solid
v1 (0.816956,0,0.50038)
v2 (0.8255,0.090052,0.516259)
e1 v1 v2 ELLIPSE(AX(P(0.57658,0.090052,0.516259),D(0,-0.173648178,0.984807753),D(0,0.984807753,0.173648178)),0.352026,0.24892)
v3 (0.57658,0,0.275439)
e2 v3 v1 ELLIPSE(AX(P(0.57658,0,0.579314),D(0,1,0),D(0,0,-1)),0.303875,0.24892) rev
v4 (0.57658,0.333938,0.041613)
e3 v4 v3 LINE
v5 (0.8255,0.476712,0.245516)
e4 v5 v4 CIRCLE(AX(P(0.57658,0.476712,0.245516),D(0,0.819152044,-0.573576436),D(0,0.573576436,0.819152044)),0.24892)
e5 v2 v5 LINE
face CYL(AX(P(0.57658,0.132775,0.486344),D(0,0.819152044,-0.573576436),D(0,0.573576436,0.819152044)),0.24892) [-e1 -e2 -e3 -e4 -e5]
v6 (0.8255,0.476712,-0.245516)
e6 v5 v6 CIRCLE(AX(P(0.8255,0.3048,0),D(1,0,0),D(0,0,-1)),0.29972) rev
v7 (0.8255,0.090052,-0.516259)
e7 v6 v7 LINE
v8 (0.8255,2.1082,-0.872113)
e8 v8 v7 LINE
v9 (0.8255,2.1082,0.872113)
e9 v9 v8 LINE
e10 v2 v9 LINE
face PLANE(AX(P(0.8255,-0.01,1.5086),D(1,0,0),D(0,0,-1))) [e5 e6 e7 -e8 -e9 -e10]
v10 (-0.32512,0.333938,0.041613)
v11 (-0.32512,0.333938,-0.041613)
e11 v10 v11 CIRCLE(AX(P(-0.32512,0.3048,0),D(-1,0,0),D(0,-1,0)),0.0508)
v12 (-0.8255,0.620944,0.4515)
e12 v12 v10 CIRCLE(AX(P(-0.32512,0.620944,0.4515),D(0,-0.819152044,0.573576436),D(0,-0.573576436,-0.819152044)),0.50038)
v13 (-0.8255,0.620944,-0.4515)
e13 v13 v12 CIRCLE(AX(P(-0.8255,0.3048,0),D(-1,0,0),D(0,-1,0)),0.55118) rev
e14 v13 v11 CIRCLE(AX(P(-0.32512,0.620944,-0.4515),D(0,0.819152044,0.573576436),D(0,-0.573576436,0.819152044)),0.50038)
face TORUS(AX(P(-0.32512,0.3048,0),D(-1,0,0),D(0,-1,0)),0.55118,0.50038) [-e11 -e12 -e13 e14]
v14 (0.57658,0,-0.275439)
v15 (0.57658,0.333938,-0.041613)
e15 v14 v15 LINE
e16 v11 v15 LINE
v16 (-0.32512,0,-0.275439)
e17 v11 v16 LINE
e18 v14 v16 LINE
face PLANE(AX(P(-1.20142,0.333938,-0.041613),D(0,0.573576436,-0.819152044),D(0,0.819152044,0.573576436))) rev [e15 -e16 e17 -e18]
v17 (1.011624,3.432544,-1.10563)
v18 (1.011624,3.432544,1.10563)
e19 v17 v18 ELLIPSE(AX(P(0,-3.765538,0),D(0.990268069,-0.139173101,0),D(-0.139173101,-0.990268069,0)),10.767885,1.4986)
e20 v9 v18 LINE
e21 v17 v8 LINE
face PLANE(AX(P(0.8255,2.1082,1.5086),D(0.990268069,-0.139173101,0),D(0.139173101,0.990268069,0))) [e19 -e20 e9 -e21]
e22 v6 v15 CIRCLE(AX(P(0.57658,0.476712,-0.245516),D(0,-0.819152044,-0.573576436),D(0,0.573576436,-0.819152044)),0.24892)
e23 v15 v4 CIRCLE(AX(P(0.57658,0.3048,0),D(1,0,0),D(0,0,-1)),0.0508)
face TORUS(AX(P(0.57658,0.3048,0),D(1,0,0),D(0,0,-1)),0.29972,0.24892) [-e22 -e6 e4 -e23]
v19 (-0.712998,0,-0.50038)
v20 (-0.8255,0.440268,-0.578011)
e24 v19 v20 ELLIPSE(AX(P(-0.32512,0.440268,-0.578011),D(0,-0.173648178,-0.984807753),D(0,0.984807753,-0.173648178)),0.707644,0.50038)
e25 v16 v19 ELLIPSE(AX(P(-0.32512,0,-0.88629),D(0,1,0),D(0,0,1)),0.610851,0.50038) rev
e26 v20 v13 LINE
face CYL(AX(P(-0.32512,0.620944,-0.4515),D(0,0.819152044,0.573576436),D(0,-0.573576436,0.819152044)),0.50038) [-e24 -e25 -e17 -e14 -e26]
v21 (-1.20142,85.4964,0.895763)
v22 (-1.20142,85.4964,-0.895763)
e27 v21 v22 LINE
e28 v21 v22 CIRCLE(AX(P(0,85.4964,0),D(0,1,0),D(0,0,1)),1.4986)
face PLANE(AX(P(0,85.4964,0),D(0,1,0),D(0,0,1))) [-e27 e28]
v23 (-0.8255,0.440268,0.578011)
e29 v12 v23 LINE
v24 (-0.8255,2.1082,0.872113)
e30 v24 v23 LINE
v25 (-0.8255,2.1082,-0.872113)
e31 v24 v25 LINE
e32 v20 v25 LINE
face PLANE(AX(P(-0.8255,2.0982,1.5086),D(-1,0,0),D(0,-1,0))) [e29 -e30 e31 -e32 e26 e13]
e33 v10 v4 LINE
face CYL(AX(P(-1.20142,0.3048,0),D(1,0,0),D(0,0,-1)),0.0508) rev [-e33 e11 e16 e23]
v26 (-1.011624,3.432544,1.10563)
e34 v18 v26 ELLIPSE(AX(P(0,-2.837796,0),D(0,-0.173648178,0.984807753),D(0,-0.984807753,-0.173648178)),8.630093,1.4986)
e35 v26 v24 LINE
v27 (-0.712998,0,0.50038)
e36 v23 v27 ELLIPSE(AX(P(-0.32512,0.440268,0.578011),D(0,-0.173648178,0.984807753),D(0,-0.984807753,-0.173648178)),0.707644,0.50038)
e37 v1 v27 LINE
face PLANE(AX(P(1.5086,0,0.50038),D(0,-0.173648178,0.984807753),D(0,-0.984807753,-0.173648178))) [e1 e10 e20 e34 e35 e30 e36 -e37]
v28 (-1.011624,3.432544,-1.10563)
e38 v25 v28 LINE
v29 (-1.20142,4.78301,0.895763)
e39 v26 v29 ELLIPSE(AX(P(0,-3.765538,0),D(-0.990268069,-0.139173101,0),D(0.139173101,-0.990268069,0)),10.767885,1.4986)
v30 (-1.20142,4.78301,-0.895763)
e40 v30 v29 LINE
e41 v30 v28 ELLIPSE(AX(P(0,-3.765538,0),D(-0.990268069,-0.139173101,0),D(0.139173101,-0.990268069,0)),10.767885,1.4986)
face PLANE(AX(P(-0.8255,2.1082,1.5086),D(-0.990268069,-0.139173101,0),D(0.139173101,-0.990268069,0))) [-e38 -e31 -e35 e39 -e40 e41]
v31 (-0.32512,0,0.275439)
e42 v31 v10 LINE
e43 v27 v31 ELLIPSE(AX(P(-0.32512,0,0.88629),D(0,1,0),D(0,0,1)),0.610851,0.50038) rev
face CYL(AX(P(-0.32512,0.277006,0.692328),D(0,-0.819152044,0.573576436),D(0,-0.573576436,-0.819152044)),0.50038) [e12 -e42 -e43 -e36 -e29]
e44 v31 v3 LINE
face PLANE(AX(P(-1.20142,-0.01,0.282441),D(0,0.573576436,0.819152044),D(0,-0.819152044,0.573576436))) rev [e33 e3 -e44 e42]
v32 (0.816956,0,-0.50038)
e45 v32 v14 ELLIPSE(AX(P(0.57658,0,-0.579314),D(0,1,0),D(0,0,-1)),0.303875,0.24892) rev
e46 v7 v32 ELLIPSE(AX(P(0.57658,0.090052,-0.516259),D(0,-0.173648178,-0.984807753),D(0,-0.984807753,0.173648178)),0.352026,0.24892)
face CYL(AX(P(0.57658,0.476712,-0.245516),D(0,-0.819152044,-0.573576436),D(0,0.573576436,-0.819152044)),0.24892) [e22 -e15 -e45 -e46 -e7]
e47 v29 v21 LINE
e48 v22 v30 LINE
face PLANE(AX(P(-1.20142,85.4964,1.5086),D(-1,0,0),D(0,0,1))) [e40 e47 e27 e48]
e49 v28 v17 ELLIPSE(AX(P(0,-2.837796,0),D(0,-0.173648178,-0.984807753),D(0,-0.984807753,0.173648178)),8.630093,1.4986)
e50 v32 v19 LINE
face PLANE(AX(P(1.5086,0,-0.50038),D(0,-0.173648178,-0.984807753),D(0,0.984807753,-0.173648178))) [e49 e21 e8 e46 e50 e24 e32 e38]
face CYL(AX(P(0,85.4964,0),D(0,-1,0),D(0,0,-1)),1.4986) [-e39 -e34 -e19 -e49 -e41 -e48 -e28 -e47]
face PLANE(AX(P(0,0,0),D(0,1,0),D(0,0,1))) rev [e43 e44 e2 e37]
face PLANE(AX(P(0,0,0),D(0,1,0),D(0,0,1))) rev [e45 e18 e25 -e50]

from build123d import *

# Parameters (mm, degrees)
SKETCH_TL_CUTTING_R    = 1.4986
TL_CUTTING_DEPTH       = 85.4964
SKETCH_TDF_CUTTING_W   = 3.01719996
SKETCH_TDF_CUTTING_H   = 3.01719996
TDF_CUTTING_DEPTH      = 86.522663762
VW_VR_GRINDING_DEPTH   = 1.50859998
VW_VR_GRINDING_2_DEPTH = 1.50859998
ISA_GRINDING_DEPTH     = 1.50859998
SKETCH_PRE_FRX_BRX_W   = 0.66310002
SKETCH_PRE_FRX_BRX_H   = 2.1082
SKETCH_PRE_FRX_BRX_W_2 = 0.69309996
PRE_FRX_BRX_DEPTH      = 1.50859998
FA_BA_GRINDING_DEPTH   = 1.50859998
BR_EDM_R               = 0.50038
FR_EDM_R               = 0.24892


with BuildPart() as part:
    # sketch_TL_cutting → TL_cutting (new body)
    with BuildSketch(Plane(origin=(0, 0, 0), x_dir=(1, 0, 0), z_dir=(0, 1, 0))):
        with Locations(Location((0, 0, 0), (0, 0, 90))):
            Circle(SKETCH_TL_CUTTING_R)
    extrude(amount=TL_CUTTING_DEPTH)

    # sketch_TDF_cutting → TDF_cutting (cut, through all)
    with BuildSketch(Plane(origin=(0, 0, 0), x_dir=(1, 0, 0), z_dir=(0, 1, 0))):
        with Locations((-2.71001998, 0)):
            Rectangle(SKETCH_TDF_CUTTING_W, SKETCH_TDF_CUTTING_H)
    extrude(amount=TDF_CUTTING_DEPTH, mode=Mode.SUBTRACT)


with BuildPart() as body_2:
    # sketch_VW_VR_grinding → VW_VR_grinding (new, symmetric)
    with BuildSketch(Plane(origin=(0, 0, 0), x_dir=(0, 0, -1), z_dir=(1, 0, 0))):
        with BuildLine():
            Line((-1.49360001, -0.00999998), (-1.49360001, 2.097088914))
            ThreePointArc((-1.49360001, 2.097088914), (-1.493648337, 2.098195792), (-1.493792952, 2.099294246))
            Line((-1.493792952, 2.099294246), (-1.51859996, 2.239981782))
            Line((-1.51859996, 2.239981782), (-1.50859998, -0.00999998))
            Line((-1.50859998, -0.00999998), (-1.49360001, -0.00999998))
        make_face()
    extrude(amount=VW_VR_GRINDING_DEPTH, both=True)


with BuildPart() as body_3:
    # sketch_VW_VR_grinding → VW_VR_grinding 2 (new, symmetric)
    with BuildSketch(Plane(origin=(0, 0, 0), x_dir=(0, 0, -1), z_dir=(1, 0, 0))):
        with BuildLine():
            Line((1.49360001, -0.00999998), (1.49360001, 2.097088914))
            ThreePointArc((1.49360001, 2.097088914), (1.493648337, 2.098195792), (1.493792952, 2.099294246))
            Line((1.493792952, 2.099294246), (1.51859996, 2.239981782))
            Line((1.51859996, 2.239981782), (1.50859998, -0.00999998))
            Line((1.50859998, -0.00999998), (1.49360001, -0.00999998))
        make_face()
    extrude(amount=VW_VR_GRINDING_2_DEPTH, both=True)


    add(body_2.part)  # ISA_grinding merges body 2
    # sketch_ISA_grinding → ISA_grinding (add, symmetric)
    with BuildSketch(Plane(origin=(0, 0, 0), x_dir=(0, 0, -1), z_dir=(1, 0, 0))):
        Polygon((-0.50038, 0), (0.50038, 0), (1.50859998, 5.717899643), (1.50859998, -0.02999994), (-1.50859998, -0.02999994), (-1.50859998, 5.717899643), align=None)
    extrude(amount=ISA_GRINDING_DEPTH, both=True)

    # sketch_pre_FRX_BRX → pre_FRX_BRX (add, symmetric)
    with BuildSketch(Plane.XY):
        with Locations((1.16704999, 1.04410002)):
            Rectangle(SKETCH_PRE_FRX_BRX_W, SKETCH_PRE_FRX_BRX_H)
        with Locations((-1.17204998, 1.04410002)):
            Rectangle(SKETCH_PRE_FRX_BRX_W_2, SKETCH_PRE_FRX_BRX_H)
    extrude(amount=PRE_FRX_BRX_DEPTH, both=True)

    # sketch_FA_BA_grinding → FA_BA_grinding (add, symmetric)
    with BuildSketch(Plane.XY):
        Polygon((0.8255, -0.00999998), (0.8255, 2.1082), (1.6256, 7.801207315), (1.6256, -0.00999998), align=None)
        Polygon((-0.8255, -0.00999998), (-0.8255, 2.1082), (-1.32842, 5.686661741), (-1.32842, -0.00999998), align=None)
    extrude(amount=FA_BA_GRINDING_DEPTH, both=True)


with BuildPart() as part_1:
    add(part.part)

    # B1_fix: cut body 3
    add(body_3.part, mode=Mode.SUBTRACT)

    # V-Groove_EDM: sweep along a path in sketch_contour_V-Groove
    with BuildLine(Plane.XY) as v_groove_edm_path:
        Line((-1.20142, 0.3556), (1.4986, 0.3556))
    # sketch_section_V-Groove → V-Groove_EDM (sweep, cut)
    with BuildSketch(Plane(origin=(-1.20142, 0, -1.2954), x_dir=(0, 0, -1), z_dir=(1, 0, 0))):
        with BuildLine():
            Line((-1.253787076, 0.333937683), (-1.012959332, -0.00999998))
            Line((-1.012959332, -0.00999998), (-1.577840668, -0.00999998))
            Line((-1.577840668, -0.00999998), (-1.337012924, 0.333937683))
            ThreePointArc((-1.337012924, 0.333937683), (-1.2954, 0.3556), (-1.253787076, 0.333937683))
        make_face()
    sweep(path=v_groove_edm_path.line, mode=Mode.SUBTRACT)

    # BR_EDM
    br_edm_edges = [part_1.edges().sort_by_distance(p)[0] for p in [
        (-0.8255, 0.3556, 0),
        (-0.8255, 0.166968841, -0.158525765),
        (-0.8255, 0.166968841, 0.158525765),
    ]]
    fillet(br_edm_edges, radius=BR_EDM_R)

    # FR_EDM
    fr_edm_edges = [part_1.edges().sort_by_distance(p)[0] for p in [
        (0.8255, 0.166968841, -0.158525765),
        (0.8255, 0.166968841, 0.158525765),
        (0.8255, 0.3556, 0),
    ]]
    fillet(fr_edm_edges, radius=FR_EDM_R)


solid = part_1.part
